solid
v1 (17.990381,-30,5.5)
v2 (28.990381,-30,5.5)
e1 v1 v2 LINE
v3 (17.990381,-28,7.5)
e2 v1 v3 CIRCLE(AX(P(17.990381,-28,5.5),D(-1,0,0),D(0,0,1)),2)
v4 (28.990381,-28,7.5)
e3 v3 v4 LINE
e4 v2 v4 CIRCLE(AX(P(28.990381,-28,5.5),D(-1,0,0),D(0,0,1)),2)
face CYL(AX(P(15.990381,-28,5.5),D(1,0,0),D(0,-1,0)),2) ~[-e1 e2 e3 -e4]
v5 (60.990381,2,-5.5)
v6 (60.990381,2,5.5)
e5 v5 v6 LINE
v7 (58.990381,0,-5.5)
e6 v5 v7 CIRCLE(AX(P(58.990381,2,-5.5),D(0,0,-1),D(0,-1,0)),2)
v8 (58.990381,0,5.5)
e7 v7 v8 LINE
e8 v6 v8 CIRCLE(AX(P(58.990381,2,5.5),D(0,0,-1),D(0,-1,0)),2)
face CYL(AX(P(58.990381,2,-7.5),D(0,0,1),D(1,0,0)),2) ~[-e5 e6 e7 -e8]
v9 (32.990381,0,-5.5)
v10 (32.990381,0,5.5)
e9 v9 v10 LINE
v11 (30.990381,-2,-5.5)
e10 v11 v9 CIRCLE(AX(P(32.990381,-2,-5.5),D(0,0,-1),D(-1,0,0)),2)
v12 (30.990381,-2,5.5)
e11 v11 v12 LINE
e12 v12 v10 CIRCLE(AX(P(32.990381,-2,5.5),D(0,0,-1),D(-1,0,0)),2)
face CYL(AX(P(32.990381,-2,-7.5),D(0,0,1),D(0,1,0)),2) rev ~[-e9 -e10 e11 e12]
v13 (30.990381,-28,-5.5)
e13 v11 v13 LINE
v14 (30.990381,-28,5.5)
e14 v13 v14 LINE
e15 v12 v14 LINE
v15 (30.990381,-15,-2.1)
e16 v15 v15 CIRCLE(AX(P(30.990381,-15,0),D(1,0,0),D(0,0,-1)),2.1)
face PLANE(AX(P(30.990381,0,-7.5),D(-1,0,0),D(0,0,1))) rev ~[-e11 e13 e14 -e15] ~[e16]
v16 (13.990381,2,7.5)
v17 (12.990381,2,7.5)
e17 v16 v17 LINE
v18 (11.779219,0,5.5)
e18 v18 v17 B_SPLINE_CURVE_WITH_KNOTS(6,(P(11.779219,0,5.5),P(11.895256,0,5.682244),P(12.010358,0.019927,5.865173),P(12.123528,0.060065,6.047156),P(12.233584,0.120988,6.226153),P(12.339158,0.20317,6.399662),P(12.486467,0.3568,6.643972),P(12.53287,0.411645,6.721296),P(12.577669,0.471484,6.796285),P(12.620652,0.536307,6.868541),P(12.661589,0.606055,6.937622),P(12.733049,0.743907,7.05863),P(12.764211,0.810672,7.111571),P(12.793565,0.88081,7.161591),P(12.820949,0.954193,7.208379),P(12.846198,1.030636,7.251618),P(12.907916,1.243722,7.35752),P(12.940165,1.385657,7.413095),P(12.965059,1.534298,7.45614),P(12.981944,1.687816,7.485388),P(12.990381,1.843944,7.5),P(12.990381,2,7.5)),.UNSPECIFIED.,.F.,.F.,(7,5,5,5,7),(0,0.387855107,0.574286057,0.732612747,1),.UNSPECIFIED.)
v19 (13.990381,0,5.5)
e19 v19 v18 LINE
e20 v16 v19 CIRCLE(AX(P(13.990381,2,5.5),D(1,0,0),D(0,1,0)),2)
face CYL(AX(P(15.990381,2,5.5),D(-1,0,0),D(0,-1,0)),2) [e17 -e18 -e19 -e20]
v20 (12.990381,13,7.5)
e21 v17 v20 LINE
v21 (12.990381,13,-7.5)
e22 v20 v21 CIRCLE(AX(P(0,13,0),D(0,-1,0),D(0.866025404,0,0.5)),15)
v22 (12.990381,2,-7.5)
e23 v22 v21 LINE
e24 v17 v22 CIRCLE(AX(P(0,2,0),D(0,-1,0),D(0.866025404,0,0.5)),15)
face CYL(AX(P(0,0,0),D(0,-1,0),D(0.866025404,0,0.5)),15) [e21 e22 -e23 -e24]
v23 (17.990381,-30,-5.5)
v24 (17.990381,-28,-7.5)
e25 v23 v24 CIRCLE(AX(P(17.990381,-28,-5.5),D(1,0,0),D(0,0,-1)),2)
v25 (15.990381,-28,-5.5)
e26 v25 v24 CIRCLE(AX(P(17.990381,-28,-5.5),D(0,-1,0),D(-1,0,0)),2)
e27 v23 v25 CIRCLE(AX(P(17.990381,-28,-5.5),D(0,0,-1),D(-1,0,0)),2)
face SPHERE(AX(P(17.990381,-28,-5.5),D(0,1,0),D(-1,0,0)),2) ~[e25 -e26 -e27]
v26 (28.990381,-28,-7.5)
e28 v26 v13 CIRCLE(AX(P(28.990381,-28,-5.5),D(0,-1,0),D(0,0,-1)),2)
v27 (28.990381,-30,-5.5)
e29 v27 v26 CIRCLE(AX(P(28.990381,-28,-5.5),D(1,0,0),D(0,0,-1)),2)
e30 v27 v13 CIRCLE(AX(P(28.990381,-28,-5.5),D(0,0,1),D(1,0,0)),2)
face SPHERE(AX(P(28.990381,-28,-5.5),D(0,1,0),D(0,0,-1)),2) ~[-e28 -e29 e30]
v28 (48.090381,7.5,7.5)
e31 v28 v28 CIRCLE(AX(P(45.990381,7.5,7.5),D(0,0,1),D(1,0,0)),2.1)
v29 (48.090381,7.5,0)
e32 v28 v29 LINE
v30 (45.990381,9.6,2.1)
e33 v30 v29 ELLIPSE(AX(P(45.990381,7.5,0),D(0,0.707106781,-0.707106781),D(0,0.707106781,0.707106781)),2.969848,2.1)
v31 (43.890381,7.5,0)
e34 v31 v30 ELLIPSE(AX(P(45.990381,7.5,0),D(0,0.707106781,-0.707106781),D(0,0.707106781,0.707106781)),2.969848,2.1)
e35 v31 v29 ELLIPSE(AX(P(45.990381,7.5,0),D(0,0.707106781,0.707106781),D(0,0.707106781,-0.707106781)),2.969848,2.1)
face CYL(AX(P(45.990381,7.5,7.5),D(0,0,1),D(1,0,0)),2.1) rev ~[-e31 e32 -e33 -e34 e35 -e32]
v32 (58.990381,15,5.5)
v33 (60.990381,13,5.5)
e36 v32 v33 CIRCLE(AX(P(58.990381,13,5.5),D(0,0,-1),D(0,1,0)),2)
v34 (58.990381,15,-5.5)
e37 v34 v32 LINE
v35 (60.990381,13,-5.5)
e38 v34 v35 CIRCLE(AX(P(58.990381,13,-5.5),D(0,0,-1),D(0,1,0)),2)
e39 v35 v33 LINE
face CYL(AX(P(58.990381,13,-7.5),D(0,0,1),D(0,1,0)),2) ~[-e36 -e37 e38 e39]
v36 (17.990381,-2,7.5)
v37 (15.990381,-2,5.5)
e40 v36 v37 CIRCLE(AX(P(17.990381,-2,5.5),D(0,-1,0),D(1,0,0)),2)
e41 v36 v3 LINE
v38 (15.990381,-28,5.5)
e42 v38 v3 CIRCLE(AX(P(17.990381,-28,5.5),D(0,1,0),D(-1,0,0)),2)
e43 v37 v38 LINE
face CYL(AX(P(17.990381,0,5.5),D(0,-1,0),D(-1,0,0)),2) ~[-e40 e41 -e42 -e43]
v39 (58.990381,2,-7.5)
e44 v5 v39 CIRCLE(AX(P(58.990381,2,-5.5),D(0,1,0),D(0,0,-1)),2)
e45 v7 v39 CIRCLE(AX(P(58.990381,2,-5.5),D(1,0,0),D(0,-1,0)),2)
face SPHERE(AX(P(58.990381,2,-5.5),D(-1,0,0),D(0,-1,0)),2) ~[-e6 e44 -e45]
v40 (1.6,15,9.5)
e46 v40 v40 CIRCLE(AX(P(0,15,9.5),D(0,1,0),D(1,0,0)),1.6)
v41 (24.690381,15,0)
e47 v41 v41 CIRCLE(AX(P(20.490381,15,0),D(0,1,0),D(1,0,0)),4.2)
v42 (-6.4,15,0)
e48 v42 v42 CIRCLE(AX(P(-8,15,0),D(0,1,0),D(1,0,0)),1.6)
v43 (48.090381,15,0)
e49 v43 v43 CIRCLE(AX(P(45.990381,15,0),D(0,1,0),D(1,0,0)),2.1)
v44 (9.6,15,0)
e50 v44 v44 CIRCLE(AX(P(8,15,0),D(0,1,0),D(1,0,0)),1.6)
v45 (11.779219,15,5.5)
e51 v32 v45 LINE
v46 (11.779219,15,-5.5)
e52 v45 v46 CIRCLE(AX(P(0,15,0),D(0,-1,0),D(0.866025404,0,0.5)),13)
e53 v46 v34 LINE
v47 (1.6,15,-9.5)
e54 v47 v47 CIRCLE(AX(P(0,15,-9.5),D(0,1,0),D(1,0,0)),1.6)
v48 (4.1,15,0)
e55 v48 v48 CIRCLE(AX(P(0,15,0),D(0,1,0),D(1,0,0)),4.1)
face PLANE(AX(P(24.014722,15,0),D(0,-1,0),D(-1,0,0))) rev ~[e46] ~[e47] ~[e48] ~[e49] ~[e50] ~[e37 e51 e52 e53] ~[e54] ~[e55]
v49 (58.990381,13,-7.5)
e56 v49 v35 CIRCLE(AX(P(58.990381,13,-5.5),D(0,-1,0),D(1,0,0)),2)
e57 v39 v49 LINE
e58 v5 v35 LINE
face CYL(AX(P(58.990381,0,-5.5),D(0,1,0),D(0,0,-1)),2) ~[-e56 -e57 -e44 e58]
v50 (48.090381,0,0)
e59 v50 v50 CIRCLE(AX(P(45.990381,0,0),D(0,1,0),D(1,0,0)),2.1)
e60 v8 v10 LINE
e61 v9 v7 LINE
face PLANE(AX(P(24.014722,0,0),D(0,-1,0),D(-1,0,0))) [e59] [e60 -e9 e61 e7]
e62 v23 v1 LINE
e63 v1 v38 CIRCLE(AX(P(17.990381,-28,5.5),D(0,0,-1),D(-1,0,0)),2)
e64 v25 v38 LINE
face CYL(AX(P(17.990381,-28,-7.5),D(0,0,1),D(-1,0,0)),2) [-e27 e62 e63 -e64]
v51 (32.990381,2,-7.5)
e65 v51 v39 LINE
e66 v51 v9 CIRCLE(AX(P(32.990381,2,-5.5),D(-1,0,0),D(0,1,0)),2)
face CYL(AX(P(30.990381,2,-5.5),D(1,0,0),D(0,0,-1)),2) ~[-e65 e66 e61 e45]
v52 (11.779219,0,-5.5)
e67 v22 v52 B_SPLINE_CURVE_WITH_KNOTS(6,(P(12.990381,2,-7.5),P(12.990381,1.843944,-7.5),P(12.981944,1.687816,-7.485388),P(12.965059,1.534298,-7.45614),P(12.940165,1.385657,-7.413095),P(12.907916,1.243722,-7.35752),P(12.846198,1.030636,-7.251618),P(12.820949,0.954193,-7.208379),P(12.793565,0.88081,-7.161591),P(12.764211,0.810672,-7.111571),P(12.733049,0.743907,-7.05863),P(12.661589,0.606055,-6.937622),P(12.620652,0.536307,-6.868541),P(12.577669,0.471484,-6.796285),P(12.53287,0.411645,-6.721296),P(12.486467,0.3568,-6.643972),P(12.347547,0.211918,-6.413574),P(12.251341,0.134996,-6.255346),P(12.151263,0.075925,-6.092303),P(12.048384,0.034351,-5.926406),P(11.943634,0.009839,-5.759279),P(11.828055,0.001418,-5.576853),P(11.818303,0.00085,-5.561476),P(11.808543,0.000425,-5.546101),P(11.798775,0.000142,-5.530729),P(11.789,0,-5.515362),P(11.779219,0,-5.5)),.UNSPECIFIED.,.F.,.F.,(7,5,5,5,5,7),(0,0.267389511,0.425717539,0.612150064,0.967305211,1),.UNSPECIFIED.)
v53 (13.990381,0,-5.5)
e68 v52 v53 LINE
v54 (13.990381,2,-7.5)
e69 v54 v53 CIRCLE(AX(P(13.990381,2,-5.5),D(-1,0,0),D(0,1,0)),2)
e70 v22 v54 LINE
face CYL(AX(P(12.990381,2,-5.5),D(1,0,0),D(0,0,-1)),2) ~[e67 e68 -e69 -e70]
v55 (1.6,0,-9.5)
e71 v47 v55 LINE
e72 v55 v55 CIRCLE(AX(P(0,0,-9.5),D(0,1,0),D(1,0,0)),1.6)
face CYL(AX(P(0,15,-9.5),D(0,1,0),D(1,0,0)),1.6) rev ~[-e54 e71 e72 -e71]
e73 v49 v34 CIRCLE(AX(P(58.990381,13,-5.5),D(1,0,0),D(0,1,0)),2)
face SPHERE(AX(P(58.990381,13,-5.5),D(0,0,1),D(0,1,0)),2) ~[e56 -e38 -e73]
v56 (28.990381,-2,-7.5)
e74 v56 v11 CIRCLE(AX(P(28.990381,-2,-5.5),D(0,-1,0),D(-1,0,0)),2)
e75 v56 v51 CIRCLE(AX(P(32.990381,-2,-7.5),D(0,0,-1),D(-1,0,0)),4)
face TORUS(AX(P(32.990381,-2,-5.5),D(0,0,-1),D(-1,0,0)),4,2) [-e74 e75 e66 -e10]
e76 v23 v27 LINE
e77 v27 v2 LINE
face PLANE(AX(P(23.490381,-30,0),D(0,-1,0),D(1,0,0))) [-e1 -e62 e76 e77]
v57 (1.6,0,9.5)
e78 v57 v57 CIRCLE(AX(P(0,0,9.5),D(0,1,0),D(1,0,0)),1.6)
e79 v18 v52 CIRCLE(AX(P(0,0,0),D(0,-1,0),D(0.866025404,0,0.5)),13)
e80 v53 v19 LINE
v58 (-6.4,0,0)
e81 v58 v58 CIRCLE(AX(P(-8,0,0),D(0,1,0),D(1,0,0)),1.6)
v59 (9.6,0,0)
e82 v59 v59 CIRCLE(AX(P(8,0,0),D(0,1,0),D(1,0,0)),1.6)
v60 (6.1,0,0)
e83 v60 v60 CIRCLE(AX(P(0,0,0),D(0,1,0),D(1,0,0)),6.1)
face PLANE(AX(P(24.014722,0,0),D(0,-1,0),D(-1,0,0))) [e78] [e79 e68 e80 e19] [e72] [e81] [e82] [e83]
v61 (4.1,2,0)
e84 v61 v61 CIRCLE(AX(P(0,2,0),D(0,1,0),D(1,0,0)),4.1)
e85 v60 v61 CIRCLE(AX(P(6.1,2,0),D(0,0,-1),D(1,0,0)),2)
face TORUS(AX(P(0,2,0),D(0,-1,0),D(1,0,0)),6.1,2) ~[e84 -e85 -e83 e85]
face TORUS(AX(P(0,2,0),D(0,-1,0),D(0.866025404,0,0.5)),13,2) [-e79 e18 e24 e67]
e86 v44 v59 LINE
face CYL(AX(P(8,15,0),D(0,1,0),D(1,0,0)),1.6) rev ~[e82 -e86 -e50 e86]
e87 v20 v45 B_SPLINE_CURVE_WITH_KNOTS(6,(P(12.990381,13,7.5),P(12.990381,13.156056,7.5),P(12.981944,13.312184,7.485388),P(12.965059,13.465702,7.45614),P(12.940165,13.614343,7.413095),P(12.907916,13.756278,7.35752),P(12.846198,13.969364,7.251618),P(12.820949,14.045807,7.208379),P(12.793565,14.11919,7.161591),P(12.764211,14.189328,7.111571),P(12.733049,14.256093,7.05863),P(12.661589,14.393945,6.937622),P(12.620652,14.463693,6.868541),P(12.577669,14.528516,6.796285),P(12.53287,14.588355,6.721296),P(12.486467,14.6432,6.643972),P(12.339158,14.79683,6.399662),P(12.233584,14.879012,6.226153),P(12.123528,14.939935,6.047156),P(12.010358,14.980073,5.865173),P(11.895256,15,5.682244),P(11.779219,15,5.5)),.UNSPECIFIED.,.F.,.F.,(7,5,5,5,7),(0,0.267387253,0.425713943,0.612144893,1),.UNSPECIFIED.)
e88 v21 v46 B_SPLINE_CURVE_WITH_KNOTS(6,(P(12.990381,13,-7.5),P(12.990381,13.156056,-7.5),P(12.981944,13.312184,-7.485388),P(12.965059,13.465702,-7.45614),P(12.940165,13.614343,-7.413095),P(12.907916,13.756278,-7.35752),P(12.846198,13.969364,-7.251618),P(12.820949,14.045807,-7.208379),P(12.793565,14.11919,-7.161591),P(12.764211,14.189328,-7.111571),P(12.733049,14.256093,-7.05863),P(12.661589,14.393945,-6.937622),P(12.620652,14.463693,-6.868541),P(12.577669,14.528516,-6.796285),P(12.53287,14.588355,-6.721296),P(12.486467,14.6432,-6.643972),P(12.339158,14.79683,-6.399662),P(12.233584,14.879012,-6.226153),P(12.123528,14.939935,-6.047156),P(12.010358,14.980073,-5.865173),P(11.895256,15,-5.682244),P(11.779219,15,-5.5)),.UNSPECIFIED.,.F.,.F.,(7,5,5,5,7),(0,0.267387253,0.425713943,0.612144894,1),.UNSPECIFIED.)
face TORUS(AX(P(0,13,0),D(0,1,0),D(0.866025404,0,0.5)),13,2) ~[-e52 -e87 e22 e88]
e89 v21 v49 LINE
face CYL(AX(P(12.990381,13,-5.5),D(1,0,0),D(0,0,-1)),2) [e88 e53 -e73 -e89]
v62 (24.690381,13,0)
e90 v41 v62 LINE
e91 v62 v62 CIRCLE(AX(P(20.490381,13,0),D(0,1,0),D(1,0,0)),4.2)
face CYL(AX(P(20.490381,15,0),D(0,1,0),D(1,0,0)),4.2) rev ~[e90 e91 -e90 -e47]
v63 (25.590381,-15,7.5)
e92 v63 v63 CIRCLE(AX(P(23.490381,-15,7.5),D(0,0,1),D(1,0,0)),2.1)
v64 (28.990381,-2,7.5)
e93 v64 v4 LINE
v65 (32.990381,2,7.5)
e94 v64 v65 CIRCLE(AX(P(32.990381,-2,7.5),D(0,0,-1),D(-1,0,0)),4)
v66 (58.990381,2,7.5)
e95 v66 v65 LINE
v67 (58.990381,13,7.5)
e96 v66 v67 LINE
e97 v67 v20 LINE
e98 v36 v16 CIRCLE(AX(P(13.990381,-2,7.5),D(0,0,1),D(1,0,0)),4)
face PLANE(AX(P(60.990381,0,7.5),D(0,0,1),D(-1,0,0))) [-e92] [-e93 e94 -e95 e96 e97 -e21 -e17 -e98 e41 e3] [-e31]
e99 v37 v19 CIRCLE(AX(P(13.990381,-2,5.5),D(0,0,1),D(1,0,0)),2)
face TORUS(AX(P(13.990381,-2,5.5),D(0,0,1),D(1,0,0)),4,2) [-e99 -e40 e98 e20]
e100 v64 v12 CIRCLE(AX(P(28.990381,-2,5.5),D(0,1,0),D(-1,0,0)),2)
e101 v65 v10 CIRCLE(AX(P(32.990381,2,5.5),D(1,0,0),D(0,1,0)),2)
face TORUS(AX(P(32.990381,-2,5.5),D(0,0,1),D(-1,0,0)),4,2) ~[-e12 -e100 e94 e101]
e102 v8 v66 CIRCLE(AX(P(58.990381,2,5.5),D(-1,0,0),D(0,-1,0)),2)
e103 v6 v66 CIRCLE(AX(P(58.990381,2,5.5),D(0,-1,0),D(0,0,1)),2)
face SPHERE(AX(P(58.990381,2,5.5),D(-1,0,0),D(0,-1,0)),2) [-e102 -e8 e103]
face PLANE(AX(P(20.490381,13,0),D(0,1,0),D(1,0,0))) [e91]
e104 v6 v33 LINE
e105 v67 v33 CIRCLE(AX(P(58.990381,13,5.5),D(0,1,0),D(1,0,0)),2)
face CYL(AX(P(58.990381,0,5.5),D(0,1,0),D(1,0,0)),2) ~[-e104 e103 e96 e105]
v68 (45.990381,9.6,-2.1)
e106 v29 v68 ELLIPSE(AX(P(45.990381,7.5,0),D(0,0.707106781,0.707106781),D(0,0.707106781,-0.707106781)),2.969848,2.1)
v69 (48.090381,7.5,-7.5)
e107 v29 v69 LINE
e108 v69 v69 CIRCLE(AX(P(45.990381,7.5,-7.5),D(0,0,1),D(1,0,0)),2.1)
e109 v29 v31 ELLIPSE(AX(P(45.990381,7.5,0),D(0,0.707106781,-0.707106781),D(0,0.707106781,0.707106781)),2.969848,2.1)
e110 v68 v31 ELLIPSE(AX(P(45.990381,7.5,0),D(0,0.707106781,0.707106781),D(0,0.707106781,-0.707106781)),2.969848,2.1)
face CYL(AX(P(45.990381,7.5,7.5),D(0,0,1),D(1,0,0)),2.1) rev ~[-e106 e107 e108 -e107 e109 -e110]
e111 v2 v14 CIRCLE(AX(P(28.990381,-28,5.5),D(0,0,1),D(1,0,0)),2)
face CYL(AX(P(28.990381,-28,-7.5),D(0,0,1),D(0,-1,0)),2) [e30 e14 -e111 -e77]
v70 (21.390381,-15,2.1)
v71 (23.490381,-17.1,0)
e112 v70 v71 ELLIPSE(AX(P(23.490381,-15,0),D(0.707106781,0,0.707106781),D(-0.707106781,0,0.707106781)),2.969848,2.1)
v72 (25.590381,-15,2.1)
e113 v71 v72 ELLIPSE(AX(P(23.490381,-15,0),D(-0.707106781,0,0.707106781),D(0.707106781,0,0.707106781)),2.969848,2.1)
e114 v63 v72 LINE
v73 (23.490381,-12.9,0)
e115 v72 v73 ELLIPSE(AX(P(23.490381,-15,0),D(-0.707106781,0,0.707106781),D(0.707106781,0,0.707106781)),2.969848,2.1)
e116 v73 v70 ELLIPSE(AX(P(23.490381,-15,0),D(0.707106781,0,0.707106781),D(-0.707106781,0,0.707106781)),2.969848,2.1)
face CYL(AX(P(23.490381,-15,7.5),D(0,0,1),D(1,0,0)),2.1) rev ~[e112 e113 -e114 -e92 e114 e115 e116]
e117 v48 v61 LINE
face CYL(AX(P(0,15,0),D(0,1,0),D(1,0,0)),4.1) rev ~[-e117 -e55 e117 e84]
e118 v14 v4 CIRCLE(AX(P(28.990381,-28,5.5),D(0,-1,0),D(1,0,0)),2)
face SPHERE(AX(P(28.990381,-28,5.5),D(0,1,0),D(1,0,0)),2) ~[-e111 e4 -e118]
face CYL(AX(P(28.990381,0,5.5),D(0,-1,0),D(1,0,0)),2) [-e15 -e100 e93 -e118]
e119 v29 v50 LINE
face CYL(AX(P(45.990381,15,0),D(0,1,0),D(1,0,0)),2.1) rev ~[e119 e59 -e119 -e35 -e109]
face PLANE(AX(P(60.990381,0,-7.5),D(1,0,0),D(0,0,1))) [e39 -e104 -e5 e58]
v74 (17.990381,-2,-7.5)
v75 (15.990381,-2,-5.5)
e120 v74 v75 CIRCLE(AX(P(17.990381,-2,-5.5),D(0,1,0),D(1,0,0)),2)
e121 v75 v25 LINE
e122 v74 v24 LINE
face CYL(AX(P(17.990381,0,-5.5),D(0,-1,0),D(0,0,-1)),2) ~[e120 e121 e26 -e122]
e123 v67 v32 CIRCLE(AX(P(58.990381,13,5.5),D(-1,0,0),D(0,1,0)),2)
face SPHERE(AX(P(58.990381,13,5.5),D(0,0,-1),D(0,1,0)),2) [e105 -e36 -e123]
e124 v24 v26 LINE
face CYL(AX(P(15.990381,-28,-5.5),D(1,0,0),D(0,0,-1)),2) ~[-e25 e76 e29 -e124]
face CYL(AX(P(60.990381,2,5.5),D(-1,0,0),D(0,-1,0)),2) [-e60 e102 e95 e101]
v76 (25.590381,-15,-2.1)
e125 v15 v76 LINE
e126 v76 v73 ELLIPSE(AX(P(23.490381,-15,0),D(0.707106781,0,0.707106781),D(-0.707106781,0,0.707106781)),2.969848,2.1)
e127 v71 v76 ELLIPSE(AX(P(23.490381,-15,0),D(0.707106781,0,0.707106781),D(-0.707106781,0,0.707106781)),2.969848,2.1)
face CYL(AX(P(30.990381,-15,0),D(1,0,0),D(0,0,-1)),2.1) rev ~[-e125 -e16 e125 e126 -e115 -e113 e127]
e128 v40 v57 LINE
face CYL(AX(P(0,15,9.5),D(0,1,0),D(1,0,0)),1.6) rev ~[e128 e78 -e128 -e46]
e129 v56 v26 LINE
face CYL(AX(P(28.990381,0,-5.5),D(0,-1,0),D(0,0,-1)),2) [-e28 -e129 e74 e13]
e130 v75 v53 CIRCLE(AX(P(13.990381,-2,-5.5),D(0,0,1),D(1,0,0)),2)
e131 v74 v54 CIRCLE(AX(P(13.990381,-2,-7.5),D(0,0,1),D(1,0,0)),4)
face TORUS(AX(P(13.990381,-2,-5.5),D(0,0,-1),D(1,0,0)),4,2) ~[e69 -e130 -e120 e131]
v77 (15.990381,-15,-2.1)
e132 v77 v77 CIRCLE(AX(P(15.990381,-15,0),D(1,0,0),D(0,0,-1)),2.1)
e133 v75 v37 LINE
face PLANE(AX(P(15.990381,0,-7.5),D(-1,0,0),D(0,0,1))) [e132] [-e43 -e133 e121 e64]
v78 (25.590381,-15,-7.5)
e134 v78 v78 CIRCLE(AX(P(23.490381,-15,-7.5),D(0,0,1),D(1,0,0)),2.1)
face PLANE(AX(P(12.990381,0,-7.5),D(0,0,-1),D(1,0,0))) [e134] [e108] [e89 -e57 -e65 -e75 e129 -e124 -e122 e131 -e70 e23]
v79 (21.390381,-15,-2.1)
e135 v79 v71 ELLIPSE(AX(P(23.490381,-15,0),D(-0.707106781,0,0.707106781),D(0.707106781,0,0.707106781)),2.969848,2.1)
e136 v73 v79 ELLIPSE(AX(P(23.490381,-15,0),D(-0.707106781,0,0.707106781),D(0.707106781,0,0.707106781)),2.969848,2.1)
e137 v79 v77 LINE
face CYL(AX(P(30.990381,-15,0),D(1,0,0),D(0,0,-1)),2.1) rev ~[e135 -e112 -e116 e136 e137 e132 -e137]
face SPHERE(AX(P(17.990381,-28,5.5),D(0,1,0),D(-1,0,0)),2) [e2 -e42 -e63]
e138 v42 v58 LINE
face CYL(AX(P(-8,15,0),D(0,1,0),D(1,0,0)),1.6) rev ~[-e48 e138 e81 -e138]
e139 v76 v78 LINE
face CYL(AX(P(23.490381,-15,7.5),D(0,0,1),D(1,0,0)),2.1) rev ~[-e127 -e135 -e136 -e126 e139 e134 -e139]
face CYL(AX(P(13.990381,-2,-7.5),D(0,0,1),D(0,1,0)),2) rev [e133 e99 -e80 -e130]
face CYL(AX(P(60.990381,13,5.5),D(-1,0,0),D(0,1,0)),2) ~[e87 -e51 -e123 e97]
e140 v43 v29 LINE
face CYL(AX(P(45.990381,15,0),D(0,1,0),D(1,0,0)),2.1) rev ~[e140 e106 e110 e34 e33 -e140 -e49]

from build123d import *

# Parameters (mm, degrees)
BOSS_EXTRUDE1_DEPTH = 15
SKETCH2_R           = 4.1
SKETCH2_R_2         = 1.6
SKETCH2_R_3         = 2.1
TOP_GATEN_DEPTH     = 15
SKETCH3_W           = 15
SKETCH3_H           = 15
ONDER_EXTRUDE_DEPTH = 30
SKETCH4_R           = 2.1
Z_GATEN_DEPTH       = 15
SKETCH5_R           = 2.1
CUT_EXTRUDE3_DEPTH  = 15
SKETCH6_R           = 4.2
CUT_EXTRUDE4_DEPTH  = 2
FILLET2_R           = 2


with BuildPart() as part:
    # Sketch1 → Boss-Extrude1 (new body)
    with BuildSketch(Plane(origin=(0, 0, 0), x_dir=(1, 0, 0), z_dir=(0, 1, 0))):
        with BuildLine():
            Line((12.990381057, 7.5), (60.990381057, 7.5))
            Line((60.990381057, 7.5), (60.990381057, -7.5))
            Line((60.990381057, -7.5), (12.990381057, -7.5))
            ThreePointArc((12.990381057, -7.5), (-15, 0), (12.990381057, 7.5))
        make_face()
    extrude(amount=BOSS_EXTRUDE1_DEPTH)

    # Sketch2 → top-gaten (cut)
    with BuildSketch(Plane(origin=(0, 15, 0), x_dir=(1, 0, 0), z_dir=(0, 1, 0))):
        Circle(SKETCH2_R)
        with Locations((0, 9.5)):
            Circle(SKETCH2_R_2)
        with Locations((0, -9.5)):
            Circle(SKETCH2_R_2)
        with Locations((-8, 0)):
            Circle(SKETCH2_R_2)
        with Locations((8, 0)):
            Circle(SKETCH2_R_2)
        with Locations((45.990381057, 0)):
            Circle(SKETCH2_R_3)
    extrude(amount=-TOP_GATEN_DEPTH, mode=Mode.SUBTRACT)

    # Sketch3 → Onder-extrude (add)
    with BuildSketch(Plane.XZ):
        with Locations((23.490381057, 0)):
            Rectangle(SKETCH3_W, SKETCH3_H)
    extrude(amount=ONDER_EXTRUDE_DEPTH)

    # Sketch4 → Z-gaten (cut)
    with BuildSketch(Plane.XY.offset(7.5)):
        with Locations((45.990381057, 7.5)):
            Circle(SKETCH4_R)
        with Locations((23.490381057, -15)):
            Circle(SKETCH4_R)
    extrude(amount=-Z_GATEN_DEPTH, mode=Mode.SUBTRACT)

    # Sketch5 → Cut-Extrude3 (cut)
    with BuildSketch(Plane(origin=(30.990381057, 0, 0), x_dir=(0, 0, -1), z_dir=(1, 0, 0))):
        with Locations((0, -15)):
            Circle(SKETCH5_R)
    extrude(amount=-CUT_EXTRUDE3_DEPTH, mode=Mode.SUBTRACT)

    # Sketch6 → Cut-Extrude4 (cut)
    with BuildSketch(Plane(origin=(0, 15, 0), x_dir=(1, 0, 0), z_dir=(0, 1, 0))):
        with Locations((20.490381057, 0)):
            Circle(SKETCH6_R)
    extrude(amount=-CUT_EXTRUDE4_DEPTH, mode=Mode.SUBTRACT)

    # Fillet2
    fillet2_edges = [part.edges().sort_by_distance(p)[0] for p in [
        (60.990381057, 15, 0),
        (36.990381057, 15, -7.5),
        (-4.1, 0, 0),
        (-15, 15, 0),
        (14.490381057, 0, -7.5),
        (45.990381057, 0, 7.5),
        (15.990381057, 0, 0),
        (15.990381057, -15, 7.5),
        (15.990381057, -15, -7.5),
        (30.990381057, 0, 0),
        (30.990381057, -15, -7.5),
        (30.990381057, -15, 7.5),
        (15.990381057, -30, 0),
        (23.490381057, -30, -7.5),
        (30.990381057, -30, 0),
        (45.990381057, 0, -7.5),
        (23.490381057, -30, 7.5),
        (60.990381057, 0, 0),
        (14.490381057, 0, 7.5),
        (-15, 0, 0),
        (36.990381057, 15, 7.5),
        (60.990381057, 7.5, -7.5),
        (60.990381057, 7.5, 7.5),
    ]]
    fillet(fillet2_edges, radius=FILLET2_R)


solid = part.part
